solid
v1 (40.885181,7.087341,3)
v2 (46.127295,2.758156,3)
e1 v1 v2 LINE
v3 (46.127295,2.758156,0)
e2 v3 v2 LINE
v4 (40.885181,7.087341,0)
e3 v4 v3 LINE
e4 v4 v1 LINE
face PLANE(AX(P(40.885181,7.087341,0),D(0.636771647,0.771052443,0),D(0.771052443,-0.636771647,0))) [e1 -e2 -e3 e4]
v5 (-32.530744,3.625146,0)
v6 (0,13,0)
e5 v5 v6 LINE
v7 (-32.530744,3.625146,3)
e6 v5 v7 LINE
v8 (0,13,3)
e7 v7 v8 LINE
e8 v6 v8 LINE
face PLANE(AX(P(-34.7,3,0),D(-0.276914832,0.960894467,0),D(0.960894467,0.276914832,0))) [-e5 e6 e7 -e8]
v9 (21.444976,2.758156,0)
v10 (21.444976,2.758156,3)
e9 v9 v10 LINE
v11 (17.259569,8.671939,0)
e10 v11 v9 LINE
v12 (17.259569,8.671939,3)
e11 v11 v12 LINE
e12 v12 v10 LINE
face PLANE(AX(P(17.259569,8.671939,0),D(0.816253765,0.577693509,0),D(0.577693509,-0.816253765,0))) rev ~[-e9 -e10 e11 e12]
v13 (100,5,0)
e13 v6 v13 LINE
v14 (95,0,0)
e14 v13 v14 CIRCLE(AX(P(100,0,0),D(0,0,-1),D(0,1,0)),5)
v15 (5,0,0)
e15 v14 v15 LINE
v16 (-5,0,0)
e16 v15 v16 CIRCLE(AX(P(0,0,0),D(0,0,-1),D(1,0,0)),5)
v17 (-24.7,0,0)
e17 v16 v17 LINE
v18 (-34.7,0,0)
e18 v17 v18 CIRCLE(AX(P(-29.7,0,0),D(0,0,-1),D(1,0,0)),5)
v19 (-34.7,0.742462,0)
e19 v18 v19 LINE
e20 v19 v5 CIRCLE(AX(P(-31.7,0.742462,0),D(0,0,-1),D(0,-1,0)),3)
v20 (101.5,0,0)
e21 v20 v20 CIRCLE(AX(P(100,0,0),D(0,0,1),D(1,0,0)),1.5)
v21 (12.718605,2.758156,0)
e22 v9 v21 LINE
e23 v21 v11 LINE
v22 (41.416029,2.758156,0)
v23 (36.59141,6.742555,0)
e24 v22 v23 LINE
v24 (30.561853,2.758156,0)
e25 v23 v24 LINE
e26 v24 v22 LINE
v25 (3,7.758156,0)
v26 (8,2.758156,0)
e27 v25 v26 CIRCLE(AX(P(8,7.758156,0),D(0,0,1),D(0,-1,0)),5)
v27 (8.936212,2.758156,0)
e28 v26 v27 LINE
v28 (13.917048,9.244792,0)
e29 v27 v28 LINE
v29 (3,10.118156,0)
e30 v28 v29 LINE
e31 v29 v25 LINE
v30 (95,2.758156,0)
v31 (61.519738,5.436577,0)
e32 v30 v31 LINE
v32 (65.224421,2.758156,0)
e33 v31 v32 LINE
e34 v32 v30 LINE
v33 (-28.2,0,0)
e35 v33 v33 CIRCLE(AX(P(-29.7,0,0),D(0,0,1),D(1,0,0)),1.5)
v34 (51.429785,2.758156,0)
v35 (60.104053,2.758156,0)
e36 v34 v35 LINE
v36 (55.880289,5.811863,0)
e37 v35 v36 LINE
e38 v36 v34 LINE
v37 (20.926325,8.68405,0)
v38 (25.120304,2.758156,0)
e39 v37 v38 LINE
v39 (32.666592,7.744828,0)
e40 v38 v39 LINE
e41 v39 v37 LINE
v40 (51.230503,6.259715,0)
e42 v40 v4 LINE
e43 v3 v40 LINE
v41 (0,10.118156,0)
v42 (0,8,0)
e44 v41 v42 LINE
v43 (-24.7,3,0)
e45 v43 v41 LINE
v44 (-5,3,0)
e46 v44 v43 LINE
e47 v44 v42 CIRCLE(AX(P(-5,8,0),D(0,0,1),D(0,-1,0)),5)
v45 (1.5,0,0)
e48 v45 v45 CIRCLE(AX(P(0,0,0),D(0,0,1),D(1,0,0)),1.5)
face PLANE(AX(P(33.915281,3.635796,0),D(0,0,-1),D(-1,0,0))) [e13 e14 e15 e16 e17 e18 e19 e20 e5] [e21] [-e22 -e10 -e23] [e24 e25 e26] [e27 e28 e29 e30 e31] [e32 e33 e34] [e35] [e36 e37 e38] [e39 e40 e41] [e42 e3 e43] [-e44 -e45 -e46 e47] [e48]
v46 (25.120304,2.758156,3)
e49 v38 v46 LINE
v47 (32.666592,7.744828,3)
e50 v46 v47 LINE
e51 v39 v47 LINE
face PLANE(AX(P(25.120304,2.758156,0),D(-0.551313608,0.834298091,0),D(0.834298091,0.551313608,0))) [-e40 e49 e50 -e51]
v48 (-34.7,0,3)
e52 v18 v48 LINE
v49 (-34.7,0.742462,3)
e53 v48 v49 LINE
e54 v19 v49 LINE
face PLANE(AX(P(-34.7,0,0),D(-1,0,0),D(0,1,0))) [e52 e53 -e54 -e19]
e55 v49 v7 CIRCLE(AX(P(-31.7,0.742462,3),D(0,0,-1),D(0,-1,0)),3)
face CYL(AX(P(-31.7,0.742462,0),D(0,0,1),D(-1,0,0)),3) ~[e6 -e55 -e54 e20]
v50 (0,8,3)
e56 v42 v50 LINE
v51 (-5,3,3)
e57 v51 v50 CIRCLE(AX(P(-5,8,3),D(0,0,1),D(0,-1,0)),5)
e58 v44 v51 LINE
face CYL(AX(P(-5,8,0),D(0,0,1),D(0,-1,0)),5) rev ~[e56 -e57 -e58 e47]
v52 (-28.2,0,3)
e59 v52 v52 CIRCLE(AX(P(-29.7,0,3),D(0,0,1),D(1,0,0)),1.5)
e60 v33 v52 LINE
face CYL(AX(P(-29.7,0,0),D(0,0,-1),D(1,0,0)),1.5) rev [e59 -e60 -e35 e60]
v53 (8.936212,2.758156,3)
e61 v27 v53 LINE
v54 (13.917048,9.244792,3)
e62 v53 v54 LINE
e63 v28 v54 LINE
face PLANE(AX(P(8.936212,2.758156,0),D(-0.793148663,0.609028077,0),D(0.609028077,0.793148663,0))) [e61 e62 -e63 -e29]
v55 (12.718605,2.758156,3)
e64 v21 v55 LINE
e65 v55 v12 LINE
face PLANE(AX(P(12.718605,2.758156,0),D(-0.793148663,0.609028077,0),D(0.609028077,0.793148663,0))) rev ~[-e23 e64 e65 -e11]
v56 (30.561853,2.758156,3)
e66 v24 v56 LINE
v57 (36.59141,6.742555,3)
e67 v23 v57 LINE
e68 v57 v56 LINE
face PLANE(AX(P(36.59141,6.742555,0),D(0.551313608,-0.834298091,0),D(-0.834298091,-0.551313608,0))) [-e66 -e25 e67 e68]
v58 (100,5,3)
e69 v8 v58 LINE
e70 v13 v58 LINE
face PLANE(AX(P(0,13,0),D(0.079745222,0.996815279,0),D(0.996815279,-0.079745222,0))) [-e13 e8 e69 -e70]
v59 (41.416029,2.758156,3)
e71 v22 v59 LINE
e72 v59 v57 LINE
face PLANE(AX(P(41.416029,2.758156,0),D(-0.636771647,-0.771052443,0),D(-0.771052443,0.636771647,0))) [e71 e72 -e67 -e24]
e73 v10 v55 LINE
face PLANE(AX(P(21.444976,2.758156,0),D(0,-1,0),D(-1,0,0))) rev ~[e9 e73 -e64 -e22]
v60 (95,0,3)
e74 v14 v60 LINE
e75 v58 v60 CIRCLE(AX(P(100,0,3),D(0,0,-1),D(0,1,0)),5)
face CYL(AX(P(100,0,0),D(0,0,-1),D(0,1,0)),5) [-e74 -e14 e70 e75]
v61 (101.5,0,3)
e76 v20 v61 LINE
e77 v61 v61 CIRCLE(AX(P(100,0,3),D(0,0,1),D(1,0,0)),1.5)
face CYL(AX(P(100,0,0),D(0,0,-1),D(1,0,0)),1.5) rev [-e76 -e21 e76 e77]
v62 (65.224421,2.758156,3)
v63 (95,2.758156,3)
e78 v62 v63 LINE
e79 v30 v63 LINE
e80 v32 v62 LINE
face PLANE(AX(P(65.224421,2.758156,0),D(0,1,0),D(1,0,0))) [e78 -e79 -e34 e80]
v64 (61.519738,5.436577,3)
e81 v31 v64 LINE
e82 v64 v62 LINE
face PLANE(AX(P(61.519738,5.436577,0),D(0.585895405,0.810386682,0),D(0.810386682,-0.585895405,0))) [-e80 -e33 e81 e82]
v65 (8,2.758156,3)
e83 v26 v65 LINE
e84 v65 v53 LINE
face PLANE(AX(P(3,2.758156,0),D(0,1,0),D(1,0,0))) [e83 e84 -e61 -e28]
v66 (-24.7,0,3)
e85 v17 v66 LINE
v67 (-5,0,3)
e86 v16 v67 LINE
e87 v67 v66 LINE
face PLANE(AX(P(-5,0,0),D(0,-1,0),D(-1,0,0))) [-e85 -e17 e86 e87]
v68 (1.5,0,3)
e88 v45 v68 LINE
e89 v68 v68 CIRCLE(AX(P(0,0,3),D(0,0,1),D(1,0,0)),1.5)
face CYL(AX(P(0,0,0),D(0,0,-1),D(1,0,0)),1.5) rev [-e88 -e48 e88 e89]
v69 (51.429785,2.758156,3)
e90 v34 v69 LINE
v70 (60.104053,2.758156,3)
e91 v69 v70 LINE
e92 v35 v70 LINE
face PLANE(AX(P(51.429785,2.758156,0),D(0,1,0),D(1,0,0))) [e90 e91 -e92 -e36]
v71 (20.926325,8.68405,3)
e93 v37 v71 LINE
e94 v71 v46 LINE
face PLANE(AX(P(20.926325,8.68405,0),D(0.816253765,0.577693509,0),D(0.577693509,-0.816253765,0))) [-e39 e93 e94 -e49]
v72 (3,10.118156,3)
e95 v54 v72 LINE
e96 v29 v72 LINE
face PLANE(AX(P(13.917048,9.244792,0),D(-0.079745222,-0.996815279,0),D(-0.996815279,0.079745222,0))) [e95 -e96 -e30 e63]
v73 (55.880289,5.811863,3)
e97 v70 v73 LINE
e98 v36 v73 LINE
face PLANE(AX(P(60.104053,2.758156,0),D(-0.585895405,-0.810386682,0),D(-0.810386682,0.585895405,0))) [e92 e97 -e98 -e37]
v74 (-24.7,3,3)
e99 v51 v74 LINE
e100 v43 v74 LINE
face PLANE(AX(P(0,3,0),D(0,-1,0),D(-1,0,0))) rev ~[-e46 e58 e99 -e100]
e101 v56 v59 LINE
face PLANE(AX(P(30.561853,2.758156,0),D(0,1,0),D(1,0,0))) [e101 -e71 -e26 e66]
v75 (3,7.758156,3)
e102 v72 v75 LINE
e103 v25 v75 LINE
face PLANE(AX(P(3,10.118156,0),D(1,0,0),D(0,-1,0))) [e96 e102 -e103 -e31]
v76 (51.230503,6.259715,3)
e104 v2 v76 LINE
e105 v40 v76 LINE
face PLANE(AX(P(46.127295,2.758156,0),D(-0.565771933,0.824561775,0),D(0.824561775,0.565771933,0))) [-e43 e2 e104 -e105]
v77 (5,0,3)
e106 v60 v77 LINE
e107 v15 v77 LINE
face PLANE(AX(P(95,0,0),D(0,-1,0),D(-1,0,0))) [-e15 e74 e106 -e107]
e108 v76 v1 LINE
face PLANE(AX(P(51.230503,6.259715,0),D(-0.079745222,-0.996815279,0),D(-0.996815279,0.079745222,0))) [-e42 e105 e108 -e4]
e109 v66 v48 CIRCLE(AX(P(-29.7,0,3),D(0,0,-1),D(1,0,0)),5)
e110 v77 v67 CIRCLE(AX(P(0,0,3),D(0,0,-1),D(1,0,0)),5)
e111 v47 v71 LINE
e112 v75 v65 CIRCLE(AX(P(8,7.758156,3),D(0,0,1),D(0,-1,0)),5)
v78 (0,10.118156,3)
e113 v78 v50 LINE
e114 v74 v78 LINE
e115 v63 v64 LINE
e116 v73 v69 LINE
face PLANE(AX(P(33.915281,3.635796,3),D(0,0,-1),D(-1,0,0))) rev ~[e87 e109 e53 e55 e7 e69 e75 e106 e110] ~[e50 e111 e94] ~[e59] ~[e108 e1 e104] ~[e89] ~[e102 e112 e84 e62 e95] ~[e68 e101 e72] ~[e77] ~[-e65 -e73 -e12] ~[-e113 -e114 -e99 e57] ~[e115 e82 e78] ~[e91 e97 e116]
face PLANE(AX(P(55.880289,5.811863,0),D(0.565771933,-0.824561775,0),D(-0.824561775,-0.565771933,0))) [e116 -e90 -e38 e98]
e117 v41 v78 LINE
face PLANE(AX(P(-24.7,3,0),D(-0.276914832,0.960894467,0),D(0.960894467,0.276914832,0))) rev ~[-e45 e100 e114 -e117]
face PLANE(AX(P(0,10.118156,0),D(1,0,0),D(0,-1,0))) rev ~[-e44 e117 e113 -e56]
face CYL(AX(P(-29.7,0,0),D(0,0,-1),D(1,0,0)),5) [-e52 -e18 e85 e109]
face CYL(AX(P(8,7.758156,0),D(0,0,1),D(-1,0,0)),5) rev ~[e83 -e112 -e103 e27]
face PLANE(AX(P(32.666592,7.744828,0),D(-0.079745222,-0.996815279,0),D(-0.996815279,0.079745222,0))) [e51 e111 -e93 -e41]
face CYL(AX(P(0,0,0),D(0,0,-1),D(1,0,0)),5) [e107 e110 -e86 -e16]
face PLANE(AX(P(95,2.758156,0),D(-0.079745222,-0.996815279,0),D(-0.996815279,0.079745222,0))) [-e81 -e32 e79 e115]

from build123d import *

# Parameters (mm, degrees)
SKETCH1_R           = 1.5
BOSS_EXTRUDE1_DEPTH = 3
FILLET1_R           = 3
FILLET2_R           = 5
FILLET3_R           = 5


with BuildPart() as part:
    # Sketch1 → Boss-Extrude1 (new body)
    with BuildSketch(Plane.XY):
        with BuildLine():
            Line((-34.7, 0), (-34.7, 3))
            Line((-34.7, 3), (0, 13))
            Line((0, 13), (100, 5))
            ThreePointArc((100, 5), (103.535533906, -3.535533906), (95, 0))
            Line((95, 0), (5, 0))
            ThreePointArc((5, 0), (0, -5), (-5, 0))
            Line((-5, 0), (-24.7, 0))
            ThreePointArc((-24.7, 0), (-29.7, -5), (-34.7, 0))
        make_face()
        with Locations((-29.7, 0)):
            Circle(SKETCH1_R, mode=Mode.SUBTRACT)
        Circle(SKETCH1_R, mode=Mode.SUBTRACT)
        with Locations((100, 0)):
            Circle(SKETCH1_R, mode=Mode.SUBTRACT)
        Polygon((-24.7, 3), (0, 10.11815562), (0, 3), align=None, mode=Mode.SUBTRACT)
        Polygon((3, 10.11815562), (3, 2.75815562), (8.936211527, 2.75815562), (13.917047711, 9.244791803), align=None, mode=Mode.SUBTRACT)
        Polygon((95, 2.75815562), (61.51973762, 5.43657661), (65.22442054, 2.75815562), align=None, mode=Mode.SUBTRACT)
        Polygon((12.718604589, 2.75815562), (17.259569147, 8.671938752), (21.444976035, 2.75815562), align=None, mode=Mode.SUBTRACT)
        Polygon((20.926325466, 8.684049582), (25.120303644, 2.75815562), (32.666592003, 7.744828259), align=None, mode=Mode.SUBTRACT)
        Polygon((30.561852618, 2.75815562), (41.416029489, 2.75815562), (36.591409828, 6.742555173), align=None, mode=Mode.SUBTRACT)
        Polygon((40.885181342, 7.087341112), (46.12729453, 2.75815562), (51.230503333, 6.259715353), align=None, mode=Mode.SUBTRACT)
        Polygon((51.429784502, 2.75815562), (60.104052681, 2.75815562), (55.880288815, 5.81186306), align=None, mode=Mode.SUBTRACT)
    extrude(amount=BOSS_EXTRUDE1_DEPTH)

    # Fillet1
    fillet1_edges = [part.edges().sort_by_distance(p)[0] for p in [
        (-34.7, 3, 1.5),
    ]]
    fillet(fillet1_edges, radius=FILLET1_R)

    # Fillet2
    fillet2_edges = [part.edges().sort_by_distance(p)[0] for p in [
        (0, 3, 1.5),
    ]]
    fillet(fillet2_edges, radius=FILLET2_R)

    # Fillet3
    fillet3_edges = [part.edges().sort_by_distance(p)[0] for p in [
        (3, 2.75815562, 1.5),
    ]]
    fillet(fillet3_edges, radius=FILLET3_R)


solid = part.part
